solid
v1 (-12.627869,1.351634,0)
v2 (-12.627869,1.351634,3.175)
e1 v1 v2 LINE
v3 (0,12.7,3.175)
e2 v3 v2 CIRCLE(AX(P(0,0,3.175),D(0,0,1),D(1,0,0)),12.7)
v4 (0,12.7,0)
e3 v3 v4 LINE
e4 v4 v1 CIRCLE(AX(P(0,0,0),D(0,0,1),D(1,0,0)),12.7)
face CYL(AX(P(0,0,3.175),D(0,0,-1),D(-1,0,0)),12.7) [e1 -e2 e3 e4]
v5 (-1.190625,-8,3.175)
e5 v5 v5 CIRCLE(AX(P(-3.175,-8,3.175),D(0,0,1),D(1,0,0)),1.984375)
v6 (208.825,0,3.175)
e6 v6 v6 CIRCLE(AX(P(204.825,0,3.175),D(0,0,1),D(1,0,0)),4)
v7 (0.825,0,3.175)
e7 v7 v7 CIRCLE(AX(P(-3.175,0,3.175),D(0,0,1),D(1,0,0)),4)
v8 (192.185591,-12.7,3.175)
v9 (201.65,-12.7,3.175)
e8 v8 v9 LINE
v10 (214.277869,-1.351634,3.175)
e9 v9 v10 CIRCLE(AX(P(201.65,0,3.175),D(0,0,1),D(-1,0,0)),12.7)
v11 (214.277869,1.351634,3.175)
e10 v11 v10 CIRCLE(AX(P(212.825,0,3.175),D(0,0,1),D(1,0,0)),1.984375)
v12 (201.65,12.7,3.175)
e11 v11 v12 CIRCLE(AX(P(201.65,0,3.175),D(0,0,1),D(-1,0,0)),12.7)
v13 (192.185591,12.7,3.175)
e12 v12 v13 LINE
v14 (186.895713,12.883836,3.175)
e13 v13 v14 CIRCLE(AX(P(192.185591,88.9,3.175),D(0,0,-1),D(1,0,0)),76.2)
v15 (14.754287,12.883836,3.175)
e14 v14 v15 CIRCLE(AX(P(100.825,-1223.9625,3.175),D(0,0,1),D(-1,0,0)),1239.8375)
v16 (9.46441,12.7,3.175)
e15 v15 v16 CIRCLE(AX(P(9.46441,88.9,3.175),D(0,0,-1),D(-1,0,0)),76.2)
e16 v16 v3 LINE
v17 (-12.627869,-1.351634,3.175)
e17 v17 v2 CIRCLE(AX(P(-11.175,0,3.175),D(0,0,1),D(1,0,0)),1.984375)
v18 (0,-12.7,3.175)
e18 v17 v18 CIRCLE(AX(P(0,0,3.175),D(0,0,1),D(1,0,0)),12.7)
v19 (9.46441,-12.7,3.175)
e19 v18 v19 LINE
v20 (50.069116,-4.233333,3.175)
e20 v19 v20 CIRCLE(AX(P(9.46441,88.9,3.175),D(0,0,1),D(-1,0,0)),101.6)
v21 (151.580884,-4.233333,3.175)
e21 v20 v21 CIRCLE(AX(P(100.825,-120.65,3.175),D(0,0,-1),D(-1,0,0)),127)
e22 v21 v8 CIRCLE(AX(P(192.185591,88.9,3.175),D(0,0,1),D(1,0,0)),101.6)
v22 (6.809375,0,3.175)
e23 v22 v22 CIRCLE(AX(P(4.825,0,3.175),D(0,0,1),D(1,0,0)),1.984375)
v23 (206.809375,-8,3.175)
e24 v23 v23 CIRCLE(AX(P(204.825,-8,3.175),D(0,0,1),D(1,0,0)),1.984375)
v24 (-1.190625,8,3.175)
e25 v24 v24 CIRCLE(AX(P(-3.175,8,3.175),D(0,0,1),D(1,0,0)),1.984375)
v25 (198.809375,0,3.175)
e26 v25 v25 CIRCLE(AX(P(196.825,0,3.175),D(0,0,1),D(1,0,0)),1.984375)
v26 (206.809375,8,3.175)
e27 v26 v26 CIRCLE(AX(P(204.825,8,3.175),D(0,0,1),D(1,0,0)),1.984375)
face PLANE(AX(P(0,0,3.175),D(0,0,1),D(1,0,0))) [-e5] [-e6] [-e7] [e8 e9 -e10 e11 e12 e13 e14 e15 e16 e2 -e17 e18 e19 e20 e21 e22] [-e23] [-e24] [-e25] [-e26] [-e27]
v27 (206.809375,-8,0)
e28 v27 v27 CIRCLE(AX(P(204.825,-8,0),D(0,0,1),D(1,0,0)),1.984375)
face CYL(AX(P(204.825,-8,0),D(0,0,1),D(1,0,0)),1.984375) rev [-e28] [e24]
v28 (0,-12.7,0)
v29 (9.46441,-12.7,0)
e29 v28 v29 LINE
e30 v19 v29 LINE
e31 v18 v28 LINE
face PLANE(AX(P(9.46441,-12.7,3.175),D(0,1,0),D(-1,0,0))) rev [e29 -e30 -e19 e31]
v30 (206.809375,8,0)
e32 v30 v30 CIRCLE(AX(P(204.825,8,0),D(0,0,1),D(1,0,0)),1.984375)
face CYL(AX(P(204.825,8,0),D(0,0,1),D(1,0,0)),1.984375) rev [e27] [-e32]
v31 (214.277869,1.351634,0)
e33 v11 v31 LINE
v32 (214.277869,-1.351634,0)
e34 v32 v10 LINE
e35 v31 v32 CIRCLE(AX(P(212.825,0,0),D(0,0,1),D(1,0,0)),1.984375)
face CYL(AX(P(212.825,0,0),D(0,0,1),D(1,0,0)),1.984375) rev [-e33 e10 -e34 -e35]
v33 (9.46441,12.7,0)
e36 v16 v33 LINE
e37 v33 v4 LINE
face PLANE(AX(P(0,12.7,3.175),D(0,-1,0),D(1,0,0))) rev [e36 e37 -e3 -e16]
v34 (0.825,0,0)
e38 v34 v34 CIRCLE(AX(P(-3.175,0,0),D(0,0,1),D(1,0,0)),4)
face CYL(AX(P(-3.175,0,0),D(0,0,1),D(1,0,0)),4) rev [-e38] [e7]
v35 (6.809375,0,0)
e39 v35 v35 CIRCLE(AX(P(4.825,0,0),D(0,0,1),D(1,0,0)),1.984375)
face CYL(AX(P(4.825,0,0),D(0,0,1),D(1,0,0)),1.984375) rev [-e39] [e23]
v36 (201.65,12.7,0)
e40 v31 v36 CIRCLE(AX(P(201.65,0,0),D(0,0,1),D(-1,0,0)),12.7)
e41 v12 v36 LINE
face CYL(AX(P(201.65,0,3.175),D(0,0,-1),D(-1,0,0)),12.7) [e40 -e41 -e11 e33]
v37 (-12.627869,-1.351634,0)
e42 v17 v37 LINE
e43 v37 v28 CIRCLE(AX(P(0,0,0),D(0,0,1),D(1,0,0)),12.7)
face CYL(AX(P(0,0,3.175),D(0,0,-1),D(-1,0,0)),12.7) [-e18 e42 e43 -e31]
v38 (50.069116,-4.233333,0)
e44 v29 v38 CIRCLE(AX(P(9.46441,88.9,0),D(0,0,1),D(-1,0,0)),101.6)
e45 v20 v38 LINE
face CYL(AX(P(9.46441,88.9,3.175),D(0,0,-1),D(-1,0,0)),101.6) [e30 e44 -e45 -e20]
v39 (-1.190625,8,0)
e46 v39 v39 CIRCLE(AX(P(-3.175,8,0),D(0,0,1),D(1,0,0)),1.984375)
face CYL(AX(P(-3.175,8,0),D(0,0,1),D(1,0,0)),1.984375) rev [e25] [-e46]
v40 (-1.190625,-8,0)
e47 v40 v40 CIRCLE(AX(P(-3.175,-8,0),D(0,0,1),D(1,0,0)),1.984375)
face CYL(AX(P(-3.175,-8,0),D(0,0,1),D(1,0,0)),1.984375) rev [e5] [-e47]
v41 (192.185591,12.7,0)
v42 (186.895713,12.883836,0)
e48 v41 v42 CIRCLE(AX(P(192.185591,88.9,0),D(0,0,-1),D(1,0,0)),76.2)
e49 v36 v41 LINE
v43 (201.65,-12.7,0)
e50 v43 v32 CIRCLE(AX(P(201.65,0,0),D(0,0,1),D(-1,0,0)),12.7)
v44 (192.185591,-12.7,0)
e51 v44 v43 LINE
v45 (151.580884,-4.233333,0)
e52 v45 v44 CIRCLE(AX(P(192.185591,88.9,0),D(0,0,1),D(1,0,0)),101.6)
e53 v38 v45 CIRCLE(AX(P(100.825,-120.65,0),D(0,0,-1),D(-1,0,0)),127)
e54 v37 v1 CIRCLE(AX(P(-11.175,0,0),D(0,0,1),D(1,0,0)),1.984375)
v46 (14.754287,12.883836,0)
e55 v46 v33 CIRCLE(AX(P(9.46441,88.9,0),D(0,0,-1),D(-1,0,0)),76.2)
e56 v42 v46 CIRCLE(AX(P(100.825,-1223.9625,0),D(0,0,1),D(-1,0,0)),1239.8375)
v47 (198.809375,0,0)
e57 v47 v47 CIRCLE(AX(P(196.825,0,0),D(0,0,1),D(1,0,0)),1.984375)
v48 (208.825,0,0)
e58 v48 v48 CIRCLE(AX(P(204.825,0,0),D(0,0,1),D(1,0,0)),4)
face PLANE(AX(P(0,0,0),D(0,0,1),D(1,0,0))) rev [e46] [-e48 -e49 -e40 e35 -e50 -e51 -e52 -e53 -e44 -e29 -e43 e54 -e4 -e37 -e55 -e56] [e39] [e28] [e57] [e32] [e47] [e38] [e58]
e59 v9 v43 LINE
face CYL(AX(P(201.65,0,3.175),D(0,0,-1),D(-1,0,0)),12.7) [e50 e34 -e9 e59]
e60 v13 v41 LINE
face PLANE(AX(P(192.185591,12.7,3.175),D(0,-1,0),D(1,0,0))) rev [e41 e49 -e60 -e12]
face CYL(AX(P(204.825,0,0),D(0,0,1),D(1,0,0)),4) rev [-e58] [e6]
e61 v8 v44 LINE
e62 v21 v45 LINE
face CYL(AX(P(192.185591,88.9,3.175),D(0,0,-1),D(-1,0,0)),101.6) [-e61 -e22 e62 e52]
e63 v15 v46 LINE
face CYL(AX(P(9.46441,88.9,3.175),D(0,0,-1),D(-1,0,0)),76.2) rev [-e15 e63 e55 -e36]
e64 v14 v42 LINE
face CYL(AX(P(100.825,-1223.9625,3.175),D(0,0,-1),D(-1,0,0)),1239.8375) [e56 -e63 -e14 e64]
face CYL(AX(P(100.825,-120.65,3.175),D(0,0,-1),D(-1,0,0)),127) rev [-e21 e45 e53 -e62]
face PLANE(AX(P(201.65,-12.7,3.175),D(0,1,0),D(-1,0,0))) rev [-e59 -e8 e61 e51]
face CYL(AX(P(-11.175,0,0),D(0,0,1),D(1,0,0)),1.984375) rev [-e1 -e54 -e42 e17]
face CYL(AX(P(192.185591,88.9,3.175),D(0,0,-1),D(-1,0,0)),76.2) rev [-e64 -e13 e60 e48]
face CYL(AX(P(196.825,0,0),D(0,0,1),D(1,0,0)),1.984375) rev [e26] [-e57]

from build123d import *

# Parameters (mm, degrees)
BOSS_EXTRUDE1_DEPTH = 3.175
SKETCH3_R           = 1.984375
SKETCH3_R_2         = 4
CUT_EXTRUDE1_DEPTH  = 4.175


with BuildPart() as part:
    # Sketch2 → Boss-Extrude1 (new body)
    with BuildSketch(Plane.XY):
        with BuildLine():
            Line((0, 12.7), (9.464409507, 12.7))
            ThreePointArc((9.464409507, 12.7), (12.110944898, 12.745972855), (14.754286883, 12.883835947))
            ThreePointArc((14.754286883, 12.883835947), (100.825000026, 15.875), (186.895713169, 12.883835947))
            ThreePointArc((186.895713169, 12.883835947), (189.539055154, 12.745972855), (192.185590545, 12.7))
            Line((192.185590545, 12.7), (201.650000052, 12.7))
            ThreePointArc((201.650000052, 12.7), (214.350000052, 0), (201.650000052, -12.7))
            Line((201.650000052, -12.7), (192.185590545, -12.7))
            ThreePointArc((192.185590545, -12.7), (171.44657739, -10.560813054), (151.580883648, -4.233333333))
            ThreePointArc((151.580883648, -4.233333333), (100.825000026, 6.35), (50.069116404, -4.233333333))
            ThreePointArc((50.069116404, -4.233333333), (30.203422662, -10.560813054), (9.464409507, -12.7))
            Line((9.464409507, -12.7), (0, -12.7))
            ThreePointArc((0, -12.7), (-12.7, 0), (0, 12.7))
        make_face()
    extrude(amount=BOSS_EXTRUDE1_DEPTH)

    # Sketch3 → Cut-Extrude1 (cut, through all)
    with BuildSketch(Plane.XY.offset(3.175)):
        with Locations((-3.175, 8)):
            Circle(SKETCH3_R)
        with Locations((-3.175, 0)):
            Circle(SKETCH3_R_2)
        with Locations((204.825000052, 0)):
            Circle(SKETCH3_R_2)
        with Locations((204.825000052, 8)):
            Circle(SKETCH3_R)
        with Locations((212.825000052, 0)):
            Circle(SKETCH3_R)
        with Locations((204.825000052, -8)):
            Circle(SKETCH3_R)
        with Locations((196.825000052, 0)):
            Circle(SKETCH3_R)
        with Locations((4.825, 0)):
            Circle(SKETCH3_R)
        with Locations((-3.175, -8)):
            Circle(SKETCH3_R)
        with Locations((-11.175, 0)):
            Circle(SKETCH3_R)
    extrude(amount=-CUT_EXTRUDE1_DEPTH, mode=Mode.SUBTRACT)


solid = part.part
